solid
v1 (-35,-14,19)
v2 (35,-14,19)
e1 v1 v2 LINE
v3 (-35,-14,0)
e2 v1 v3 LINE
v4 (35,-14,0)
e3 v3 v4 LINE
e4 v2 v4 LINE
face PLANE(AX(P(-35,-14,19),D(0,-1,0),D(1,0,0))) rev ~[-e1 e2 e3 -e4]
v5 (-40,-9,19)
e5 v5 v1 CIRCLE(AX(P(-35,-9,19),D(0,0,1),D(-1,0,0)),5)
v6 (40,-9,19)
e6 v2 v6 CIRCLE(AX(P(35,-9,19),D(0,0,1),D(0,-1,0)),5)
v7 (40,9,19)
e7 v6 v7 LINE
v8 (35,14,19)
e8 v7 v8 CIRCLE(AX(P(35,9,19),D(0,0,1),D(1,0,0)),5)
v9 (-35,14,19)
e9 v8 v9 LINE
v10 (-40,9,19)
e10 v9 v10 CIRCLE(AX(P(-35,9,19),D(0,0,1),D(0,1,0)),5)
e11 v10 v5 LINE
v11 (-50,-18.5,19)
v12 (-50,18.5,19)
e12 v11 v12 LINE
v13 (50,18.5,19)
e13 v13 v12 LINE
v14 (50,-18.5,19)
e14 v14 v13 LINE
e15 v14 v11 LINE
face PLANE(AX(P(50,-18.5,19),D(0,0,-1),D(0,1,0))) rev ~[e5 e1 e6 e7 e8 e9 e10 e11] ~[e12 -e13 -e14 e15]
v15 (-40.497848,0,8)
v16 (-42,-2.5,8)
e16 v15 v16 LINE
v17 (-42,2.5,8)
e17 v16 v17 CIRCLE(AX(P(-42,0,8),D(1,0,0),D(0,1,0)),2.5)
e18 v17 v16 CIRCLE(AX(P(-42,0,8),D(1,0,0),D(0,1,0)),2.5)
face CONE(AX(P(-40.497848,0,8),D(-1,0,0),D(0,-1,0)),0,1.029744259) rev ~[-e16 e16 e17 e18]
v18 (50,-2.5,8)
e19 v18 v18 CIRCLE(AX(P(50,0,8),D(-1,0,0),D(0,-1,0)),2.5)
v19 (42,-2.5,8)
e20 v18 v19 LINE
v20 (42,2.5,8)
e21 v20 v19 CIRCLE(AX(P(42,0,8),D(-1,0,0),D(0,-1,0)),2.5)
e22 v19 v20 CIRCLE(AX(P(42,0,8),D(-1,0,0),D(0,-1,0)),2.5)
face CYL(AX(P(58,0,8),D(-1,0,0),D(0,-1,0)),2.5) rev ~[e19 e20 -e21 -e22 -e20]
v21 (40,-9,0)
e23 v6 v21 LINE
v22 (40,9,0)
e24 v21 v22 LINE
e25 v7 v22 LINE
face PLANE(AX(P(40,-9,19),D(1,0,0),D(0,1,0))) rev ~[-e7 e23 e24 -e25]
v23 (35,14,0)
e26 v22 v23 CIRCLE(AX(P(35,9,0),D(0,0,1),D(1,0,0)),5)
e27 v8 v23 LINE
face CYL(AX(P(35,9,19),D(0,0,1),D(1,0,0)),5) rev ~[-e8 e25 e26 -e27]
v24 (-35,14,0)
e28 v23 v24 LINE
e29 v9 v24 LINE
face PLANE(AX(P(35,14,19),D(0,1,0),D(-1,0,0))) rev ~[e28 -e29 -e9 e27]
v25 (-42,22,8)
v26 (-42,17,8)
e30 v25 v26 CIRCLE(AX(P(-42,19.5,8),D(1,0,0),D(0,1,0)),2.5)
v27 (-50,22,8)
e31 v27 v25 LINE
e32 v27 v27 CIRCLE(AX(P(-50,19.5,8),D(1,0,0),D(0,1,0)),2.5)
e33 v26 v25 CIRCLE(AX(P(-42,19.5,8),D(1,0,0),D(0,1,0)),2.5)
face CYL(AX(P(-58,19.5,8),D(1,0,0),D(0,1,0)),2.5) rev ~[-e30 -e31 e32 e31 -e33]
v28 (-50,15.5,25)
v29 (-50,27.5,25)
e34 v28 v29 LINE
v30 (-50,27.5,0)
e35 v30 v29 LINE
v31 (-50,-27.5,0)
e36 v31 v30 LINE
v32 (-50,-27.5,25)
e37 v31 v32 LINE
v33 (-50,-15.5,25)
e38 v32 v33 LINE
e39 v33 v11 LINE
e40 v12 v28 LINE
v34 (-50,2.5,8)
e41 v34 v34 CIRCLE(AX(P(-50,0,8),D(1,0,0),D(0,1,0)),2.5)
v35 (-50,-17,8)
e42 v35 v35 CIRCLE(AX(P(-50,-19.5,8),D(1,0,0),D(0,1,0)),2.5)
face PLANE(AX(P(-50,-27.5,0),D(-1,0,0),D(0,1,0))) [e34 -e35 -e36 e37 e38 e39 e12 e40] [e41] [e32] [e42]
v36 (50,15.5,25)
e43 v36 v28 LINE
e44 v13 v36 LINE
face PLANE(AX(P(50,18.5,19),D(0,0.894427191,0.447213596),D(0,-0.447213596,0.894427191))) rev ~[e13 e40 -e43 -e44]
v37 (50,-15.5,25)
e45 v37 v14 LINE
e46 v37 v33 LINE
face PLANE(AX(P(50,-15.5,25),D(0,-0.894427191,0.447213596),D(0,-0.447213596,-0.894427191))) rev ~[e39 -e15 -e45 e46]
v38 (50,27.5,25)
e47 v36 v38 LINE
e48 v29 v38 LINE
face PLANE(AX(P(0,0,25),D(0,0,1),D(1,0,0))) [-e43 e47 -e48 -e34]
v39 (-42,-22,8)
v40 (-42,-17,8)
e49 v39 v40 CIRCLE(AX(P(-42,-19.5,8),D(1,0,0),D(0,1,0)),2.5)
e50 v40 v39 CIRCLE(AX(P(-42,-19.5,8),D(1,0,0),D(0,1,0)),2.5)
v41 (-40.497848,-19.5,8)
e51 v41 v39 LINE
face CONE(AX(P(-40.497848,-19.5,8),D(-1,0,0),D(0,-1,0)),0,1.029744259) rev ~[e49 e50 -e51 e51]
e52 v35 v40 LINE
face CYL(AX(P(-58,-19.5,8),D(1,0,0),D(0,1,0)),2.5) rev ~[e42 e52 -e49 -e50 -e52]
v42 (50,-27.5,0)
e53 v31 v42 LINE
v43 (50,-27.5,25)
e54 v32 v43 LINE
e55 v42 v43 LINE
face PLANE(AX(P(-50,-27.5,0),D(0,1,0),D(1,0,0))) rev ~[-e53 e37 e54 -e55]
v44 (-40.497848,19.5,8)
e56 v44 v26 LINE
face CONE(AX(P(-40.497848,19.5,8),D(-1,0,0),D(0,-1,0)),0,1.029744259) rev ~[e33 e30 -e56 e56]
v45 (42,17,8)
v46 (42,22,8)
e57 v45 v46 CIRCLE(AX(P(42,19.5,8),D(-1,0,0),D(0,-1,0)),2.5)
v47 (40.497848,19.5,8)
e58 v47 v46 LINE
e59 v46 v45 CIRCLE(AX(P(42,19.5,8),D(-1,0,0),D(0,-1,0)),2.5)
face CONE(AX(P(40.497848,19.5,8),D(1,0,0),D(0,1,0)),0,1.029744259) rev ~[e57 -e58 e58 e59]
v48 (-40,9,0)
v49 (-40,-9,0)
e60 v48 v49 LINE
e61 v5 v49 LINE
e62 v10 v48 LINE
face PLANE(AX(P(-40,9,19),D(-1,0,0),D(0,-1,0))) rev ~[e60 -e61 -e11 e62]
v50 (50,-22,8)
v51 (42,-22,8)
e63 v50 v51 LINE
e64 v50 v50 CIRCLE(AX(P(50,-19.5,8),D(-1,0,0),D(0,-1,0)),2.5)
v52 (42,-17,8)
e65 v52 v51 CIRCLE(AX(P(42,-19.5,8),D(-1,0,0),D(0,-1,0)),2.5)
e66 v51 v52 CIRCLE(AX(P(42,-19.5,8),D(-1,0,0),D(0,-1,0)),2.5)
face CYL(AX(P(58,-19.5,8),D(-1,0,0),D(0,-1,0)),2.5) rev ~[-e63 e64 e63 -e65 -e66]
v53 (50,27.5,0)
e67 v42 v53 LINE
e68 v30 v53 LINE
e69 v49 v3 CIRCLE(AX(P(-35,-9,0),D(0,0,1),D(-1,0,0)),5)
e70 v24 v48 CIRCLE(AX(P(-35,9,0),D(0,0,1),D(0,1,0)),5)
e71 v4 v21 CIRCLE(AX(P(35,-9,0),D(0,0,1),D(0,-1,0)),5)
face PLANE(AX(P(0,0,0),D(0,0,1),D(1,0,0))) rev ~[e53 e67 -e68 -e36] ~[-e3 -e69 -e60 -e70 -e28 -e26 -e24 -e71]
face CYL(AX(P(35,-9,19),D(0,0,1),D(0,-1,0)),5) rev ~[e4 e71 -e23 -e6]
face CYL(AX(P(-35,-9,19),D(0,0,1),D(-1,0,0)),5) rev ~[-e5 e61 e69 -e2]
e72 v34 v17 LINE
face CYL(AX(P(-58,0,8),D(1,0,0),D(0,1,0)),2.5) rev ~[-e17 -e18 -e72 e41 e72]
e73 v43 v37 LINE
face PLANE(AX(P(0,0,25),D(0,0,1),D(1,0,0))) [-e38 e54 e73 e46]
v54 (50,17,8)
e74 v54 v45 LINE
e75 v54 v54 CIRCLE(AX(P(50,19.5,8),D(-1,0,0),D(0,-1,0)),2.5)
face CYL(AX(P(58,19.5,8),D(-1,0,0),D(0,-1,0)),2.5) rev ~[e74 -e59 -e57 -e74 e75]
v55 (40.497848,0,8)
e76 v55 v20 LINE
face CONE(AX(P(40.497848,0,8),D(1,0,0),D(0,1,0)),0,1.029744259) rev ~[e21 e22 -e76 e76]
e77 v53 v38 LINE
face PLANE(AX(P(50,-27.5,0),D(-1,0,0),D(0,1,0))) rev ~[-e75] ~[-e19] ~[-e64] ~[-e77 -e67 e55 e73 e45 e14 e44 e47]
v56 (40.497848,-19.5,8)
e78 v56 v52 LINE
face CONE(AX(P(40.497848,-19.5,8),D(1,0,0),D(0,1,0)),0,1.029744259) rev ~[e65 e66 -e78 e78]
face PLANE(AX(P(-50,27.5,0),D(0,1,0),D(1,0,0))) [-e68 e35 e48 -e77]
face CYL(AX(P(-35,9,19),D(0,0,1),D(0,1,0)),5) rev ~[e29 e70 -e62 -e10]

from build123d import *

# Parameters (mm, degrees)
F0_W     = 100
F0_H     = 55
F1_DEPTH = 25
F3_DEPTH = 100
F5_DEPTH = 19
F7_D     = 5
F7_DEPTH = 8
F7_TIP   = 1.5021515476
F9_D     = 5
F9_DEPTH = 8
F9_TIP   = 1.5021515476


with BuildPart() as f1:
    # F0 (on Top) → F1 (new body)
    with BuildSketch(Plane.XY):
        Rectangle(F0_W, F0_H)
    extrude(amount=F1_DEPTH)

    # F2 (on face) → F3 (cut, through all)
    with BuildSketch(Plane.YZ.offset(50)):
        Polygon((15.5, 25), (-15.5, 25), (-18.5, 19), (18.5, 19), align=None)
    extrude(amount=-F3_DEPTH, mode=Mode.SUBTRACT)

    # F4 (on face) → F5 (cut, through all)
    with BuildSketch(Plane.XY.offset(19)):
        with BuildLine():
            Line((35, 14), (-35, 14))
            ThreePointArc((-35, 14), (-38.5355339059, 12.5355339059), (-40, 9))
            Line((-40, 9), (-40, -9))
            ThreePointArc((-40, -9), (-38.5355339059, -12.5355339059), (-35, -14))
            Line((-35, -14), (35, -14))
            ThreePointArc((35, -14), (38.5355339059, -12.5355339059), (40, -9))
            Line((40, -9), (40, 9))
            ThreePointArc((40, 9), (38.5355339059, 12.5355339059), (35, 14))
        make_face()
    extrude(amount=-F5_DEPTH, mode=Mode.SUBTRACT)

    # F7
    with Locations(Plane.YZ.offset(50)):
        with Locations((19.5, 8), (0, 8), (-19.5, 8)):
            Hole(F7_D / 2, depth=F7_DEPTH)
            with Locations((0, 0, -(F7_DEPTH + F7_TIP / 2))):  # 118° drill point
                Cone(0, F7_D / 2, F7_TIP, mode=Mode.SUBTRACT)

    # F9
    with Locations(Plane(origin=(-50, 0, 0), x_dir=(0, -1, 0), z_dir=(-1, 0, 0))):
        with Locations((-19.5, 8), (0, 8), (19.5, 8)):
            Hole(F9_D / 2, depth=F9_DEPTH)
            with Locations((0, 0, -(F9_DEPTH + F9_TIP / 2))):  # 118° drill point
                Cone(0, F9_D / 2, F9_TIP, mode=Mode.SUBTRACT)


solid = f1.part
